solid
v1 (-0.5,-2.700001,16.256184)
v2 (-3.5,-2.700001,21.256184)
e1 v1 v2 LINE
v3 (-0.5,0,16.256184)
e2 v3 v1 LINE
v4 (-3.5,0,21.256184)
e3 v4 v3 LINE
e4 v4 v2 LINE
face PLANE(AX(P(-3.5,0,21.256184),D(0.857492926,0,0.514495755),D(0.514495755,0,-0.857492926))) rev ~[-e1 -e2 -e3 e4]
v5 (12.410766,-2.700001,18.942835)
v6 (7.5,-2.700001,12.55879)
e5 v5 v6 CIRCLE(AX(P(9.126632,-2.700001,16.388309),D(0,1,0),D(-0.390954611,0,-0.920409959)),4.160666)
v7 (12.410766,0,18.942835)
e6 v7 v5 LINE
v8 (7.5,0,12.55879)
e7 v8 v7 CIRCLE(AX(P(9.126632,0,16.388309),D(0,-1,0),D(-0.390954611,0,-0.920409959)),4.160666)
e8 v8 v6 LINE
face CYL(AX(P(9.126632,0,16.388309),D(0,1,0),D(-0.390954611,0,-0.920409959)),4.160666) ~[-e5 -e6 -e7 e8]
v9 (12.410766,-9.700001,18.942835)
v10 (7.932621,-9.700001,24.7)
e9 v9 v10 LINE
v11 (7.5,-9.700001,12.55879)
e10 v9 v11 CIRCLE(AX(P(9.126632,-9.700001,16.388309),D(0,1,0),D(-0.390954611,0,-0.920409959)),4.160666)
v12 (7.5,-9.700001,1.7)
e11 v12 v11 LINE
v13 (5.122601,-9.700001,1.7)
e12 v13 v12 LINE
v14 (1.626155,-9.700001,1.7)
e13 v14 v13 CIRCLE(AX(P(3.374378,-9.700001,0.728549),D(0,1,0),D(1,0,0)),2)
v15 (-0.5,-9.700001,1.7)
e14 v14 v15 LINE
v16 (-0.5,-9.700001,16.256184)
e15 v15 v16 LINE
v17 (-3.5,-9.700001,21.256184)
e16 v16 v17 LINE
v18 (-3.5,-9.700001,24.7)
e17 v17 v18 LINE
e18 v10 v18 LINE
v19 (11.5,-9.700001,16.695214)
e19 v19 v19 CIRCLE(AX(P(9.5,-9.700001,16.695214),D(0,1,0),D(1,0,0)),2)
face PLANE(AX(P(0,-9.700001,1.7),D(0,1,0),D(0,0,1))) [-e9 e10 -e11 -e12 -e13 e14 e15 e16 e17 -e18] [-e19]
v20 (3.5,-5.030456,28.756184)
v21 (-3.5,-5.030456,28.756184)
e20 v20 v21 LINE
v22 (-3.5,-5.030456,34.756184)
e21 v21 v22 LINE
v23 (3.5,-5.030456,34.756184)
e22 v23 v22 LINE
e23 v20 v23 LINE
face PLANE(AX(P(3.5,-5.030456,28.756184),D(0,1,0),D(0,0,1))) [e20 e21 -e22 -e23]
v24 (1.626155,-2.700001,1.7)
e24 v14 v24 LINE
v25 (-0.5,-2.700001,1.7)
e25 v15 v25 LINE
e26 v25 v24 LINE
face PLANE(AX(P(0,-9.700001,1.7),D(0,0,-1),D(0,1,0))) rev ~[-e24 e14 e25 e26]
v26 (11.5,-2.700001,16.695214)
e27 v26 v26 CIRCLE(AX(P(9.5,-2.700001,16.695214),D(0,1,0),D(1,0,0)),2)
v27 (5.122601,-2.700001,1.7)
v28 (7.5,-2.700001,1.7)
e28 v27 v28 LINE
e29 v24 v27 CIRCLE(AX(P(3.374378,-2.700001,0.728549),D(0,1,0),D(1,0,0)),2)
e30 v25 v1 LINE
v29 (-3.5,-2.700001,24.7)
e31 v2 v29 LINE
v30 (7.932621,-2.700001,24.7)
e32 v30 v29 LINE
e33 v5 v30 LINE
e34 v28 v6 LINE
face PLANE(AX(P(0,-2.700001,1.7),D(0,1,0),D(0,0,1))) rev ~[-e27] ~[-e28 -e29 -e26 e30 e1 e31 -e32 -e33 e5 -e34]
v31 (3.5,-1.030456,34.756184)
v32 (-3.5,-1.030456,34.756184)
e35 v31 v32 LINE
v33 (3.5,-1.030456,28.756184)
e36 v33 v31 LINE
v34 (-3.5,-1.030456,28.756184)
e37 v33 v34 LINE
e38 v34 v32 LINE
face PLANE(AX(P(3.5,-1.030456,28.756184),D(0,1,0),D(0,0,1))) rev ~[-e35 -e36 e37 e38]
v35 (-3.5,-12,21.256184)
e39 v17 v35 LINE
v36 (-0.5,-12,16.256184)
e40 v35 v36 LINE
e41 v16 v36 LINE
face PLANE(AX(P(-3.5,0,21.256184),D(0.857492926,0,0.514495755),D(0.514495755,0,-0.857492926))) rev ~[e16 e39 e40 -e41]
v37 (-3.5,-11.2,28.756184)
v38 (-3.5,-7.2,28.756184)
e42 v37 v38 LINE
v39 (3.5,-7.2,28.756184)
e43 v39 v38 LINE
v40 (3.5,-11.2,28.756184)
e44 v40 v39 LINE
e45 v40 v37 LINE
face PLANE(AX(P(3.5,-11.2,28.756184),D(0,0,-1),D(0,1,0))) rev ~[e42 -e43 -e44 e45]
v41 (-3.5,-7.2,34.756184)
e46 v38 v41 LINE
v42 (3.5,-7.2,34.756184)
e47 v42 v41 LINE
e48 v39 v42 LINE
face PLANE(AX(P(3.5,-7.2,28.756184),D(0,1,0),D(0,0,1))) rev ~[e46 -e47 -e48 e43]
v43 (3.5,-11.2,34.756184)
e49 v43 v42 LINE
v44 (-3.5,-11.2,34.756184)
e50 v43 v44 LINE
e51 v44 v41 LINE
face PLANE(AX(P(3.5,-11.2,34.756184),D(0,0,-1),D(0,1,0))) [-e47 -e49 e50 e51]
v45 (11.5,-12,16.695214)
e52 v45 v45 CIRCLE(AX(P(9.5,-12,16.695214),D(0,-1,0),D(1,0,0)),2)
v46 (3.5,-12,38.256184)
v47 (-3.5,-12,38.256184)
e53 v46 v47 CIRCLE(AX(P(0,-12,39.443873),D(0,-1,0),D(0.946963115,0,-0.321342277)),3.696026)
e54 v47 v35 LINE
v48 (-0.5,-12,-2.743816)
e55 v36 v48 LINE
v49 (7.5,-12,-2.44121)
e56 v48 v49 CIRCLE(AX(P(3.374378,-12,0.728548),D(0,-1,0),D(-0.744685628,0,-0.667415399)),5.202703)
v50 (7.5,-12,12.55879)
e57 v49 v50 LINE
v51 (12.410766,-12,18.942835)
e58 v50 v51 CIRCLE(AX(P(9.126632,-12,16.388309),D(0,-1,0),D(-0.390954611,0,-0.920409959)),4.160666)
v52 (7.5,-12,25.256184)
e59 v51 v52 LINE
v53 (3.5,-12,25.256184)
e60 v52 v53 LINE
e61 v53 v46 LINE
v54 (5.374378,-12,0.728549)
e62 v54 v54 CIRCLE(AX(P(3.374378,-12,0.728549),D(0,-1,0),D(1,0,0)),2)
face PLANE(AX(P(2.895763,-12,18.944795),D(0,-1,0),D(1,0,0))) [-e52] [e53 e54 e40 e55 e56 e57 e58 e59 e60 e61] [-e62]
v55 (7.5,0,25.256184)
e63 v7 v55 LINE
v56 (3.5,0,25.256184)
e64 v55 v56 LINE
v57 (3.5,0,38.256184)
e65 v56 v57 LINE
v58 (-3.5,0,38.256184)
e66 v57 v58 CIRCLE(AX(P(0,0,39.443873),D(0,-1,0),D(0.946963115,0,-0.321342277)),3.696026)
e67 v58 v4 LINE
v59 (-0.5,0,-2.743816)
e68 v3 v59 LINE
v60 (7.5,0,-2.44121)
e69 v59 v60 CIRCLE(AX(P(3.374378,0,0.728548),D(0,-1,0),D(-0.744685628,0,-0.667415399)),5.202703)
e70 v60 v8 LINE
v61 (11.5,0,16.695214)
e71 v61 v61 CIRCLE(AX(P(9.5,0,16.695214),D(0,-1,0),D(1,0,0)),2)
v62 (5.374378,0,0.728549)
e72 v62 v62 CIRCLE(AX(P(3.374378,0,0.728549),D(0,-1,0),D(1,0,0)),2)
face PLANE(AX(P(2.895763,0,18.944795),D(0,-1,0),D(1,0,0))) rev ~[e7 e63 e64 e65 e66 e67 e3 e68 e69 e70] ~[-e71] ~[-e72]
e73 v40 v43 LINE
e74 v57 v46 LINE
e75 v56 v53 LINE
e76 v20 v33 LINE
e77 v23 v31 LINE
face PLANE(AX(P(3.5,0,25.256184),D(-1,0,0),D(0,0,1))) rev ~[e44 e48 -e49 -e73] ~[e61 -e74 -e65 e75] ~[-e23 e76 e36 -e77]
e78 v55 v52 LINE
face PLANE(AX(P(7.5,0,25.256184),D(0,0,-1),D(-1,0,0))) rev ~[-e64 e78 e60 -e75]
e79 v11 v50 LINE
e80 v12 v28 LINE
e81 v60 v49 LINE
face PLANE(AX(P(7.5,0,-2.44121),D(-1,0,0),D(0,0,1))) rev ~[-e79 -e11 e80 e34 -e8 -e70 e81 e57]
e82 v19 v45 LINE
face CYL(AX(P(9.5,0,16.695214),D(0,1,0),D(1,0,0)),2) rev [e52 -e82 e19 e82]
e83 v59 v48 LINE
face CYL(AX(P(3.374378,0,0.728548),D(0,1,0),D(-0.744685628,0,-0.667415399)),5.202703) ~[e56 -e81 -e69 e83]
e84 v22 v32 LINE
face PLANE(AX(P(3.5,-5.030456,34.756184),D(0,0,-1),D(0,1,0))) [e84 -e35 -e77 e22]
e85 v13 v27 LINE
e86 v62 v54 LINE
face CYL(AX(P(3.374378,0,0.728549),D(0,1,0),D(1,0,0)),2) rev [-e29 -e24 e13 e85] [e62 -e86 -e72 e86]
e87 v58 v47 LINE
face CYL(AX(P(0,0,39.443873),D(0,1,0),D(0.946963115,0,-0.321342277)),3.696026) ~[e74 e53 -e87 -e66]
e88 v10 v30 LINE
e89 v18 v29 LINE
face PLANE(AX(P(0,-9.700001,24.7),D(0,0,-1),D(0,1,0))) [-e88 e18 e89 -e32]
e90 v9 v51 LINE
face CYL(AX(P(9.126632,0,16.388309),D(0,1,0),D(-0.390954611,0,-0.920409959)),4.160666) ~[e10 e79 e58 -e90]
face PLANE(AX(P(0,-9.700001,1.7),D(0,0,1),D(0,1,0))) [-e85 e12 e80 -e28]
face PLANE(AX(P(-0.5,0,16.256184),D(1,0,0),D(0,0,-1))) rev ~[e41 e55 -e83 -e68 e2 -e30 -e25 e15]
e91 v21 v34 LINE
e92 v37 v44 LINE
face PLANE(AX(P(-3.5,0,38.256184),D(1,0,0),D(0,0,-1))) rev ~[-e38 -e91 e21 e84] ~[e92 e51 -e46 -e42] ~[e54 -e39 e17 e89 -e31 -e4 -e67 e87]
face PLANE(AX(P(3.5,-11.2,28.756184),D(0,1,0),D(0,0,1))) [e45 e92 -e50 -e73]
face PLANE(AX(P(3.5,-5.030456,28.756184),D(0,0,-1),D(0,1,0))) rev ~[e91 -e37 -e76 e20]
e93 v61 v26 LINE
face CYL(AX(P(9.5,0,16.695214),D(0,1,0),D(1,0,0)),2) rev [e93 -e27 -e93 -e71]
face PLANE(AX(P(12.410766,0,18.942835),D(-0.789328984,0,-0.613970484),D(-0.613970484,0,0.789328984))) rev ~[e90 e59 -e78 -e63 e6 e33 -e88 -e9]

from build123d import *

# Parameters (mm, degrees)
F0_R          = 2
F1_DEPTH      = 12
F2_W          = 4
F2_H          = 6
F3_DEPTH      = 7.197026
F4_W          = 7
F4_H          = 23
F5_DEPTH      = 13.288298
F5_DEPTH_BACK = 25


with BuildPart() as f1:
    # F0 (on Front) → F1 (new body)
    with BuildSketch(Plane.XZ):
        with BuildLine():
            ThreePointArc((3.5, 38.256184), (0, 43.139899), (-3.5, 38.256184))
            Line((-3.5, 38.256184), (-3.5, 21.256184))
            Line((-3.5, 21.256184), (-0.5, 16.256184))
            Line((-0.5, 16.256184), (-0.5, -2.743816))
            ThreePointArc((-0.5, -2.743816), (3.571034, -4.470437), (7.5, -2.44121))
            Line((7.5, -2.44121), (7.5, 12.55879))
            ThreePointArc((7.5, 12.55879), (12.424485, 13.851518), (12.410766, 18.942835))
            Line((12.410766, 18.942835), (7.5, 25.256184))
            Line((7.5, 25.256184), (3.5, 25.256184))
            Line((3.5, 25.256184), (3.5, 38.256184))
        make_face()
        with Locations((3.374378, 0.728549)):
            Circle(F0_R, mode=Mode.SUBTRACT)
        with Locations((9.5, 16.695214)):
            Circle(F0_R, mode=Mode.SUBTRACT)
    extrude(amount=F1_DEPTH)

    # F2 (on face) → F3 (cut, through all)
    with BuildSketch(Plane.YZ.offset(3.5)):
        with Locations((-9.2, 31.756184)):
            Rectangle(F2_W, F2_H)
        with Locations((-3.030456, 31.756184)):
            Rectangle(F2_W, F2_H)
    extrude(amount=-F3_DEPTH, mode=Mode.SUBTRACT)

    # F4 (on Right) → F5 (cut, two sides)
    with BuildSketch(Plane.YZ) as f5_sk:
        with Locations((-6.200001, 13.2)):
            Rectangle(F4_W, F4_H)
    extrude(amount=F5_DEPTH, mode=Mode.SUBTRACT)
    extrude(f5_sk.sketch, amount=-F5_DEPTH_BACK, mode=Mode.SUBTRACT)


solid = f1.part
